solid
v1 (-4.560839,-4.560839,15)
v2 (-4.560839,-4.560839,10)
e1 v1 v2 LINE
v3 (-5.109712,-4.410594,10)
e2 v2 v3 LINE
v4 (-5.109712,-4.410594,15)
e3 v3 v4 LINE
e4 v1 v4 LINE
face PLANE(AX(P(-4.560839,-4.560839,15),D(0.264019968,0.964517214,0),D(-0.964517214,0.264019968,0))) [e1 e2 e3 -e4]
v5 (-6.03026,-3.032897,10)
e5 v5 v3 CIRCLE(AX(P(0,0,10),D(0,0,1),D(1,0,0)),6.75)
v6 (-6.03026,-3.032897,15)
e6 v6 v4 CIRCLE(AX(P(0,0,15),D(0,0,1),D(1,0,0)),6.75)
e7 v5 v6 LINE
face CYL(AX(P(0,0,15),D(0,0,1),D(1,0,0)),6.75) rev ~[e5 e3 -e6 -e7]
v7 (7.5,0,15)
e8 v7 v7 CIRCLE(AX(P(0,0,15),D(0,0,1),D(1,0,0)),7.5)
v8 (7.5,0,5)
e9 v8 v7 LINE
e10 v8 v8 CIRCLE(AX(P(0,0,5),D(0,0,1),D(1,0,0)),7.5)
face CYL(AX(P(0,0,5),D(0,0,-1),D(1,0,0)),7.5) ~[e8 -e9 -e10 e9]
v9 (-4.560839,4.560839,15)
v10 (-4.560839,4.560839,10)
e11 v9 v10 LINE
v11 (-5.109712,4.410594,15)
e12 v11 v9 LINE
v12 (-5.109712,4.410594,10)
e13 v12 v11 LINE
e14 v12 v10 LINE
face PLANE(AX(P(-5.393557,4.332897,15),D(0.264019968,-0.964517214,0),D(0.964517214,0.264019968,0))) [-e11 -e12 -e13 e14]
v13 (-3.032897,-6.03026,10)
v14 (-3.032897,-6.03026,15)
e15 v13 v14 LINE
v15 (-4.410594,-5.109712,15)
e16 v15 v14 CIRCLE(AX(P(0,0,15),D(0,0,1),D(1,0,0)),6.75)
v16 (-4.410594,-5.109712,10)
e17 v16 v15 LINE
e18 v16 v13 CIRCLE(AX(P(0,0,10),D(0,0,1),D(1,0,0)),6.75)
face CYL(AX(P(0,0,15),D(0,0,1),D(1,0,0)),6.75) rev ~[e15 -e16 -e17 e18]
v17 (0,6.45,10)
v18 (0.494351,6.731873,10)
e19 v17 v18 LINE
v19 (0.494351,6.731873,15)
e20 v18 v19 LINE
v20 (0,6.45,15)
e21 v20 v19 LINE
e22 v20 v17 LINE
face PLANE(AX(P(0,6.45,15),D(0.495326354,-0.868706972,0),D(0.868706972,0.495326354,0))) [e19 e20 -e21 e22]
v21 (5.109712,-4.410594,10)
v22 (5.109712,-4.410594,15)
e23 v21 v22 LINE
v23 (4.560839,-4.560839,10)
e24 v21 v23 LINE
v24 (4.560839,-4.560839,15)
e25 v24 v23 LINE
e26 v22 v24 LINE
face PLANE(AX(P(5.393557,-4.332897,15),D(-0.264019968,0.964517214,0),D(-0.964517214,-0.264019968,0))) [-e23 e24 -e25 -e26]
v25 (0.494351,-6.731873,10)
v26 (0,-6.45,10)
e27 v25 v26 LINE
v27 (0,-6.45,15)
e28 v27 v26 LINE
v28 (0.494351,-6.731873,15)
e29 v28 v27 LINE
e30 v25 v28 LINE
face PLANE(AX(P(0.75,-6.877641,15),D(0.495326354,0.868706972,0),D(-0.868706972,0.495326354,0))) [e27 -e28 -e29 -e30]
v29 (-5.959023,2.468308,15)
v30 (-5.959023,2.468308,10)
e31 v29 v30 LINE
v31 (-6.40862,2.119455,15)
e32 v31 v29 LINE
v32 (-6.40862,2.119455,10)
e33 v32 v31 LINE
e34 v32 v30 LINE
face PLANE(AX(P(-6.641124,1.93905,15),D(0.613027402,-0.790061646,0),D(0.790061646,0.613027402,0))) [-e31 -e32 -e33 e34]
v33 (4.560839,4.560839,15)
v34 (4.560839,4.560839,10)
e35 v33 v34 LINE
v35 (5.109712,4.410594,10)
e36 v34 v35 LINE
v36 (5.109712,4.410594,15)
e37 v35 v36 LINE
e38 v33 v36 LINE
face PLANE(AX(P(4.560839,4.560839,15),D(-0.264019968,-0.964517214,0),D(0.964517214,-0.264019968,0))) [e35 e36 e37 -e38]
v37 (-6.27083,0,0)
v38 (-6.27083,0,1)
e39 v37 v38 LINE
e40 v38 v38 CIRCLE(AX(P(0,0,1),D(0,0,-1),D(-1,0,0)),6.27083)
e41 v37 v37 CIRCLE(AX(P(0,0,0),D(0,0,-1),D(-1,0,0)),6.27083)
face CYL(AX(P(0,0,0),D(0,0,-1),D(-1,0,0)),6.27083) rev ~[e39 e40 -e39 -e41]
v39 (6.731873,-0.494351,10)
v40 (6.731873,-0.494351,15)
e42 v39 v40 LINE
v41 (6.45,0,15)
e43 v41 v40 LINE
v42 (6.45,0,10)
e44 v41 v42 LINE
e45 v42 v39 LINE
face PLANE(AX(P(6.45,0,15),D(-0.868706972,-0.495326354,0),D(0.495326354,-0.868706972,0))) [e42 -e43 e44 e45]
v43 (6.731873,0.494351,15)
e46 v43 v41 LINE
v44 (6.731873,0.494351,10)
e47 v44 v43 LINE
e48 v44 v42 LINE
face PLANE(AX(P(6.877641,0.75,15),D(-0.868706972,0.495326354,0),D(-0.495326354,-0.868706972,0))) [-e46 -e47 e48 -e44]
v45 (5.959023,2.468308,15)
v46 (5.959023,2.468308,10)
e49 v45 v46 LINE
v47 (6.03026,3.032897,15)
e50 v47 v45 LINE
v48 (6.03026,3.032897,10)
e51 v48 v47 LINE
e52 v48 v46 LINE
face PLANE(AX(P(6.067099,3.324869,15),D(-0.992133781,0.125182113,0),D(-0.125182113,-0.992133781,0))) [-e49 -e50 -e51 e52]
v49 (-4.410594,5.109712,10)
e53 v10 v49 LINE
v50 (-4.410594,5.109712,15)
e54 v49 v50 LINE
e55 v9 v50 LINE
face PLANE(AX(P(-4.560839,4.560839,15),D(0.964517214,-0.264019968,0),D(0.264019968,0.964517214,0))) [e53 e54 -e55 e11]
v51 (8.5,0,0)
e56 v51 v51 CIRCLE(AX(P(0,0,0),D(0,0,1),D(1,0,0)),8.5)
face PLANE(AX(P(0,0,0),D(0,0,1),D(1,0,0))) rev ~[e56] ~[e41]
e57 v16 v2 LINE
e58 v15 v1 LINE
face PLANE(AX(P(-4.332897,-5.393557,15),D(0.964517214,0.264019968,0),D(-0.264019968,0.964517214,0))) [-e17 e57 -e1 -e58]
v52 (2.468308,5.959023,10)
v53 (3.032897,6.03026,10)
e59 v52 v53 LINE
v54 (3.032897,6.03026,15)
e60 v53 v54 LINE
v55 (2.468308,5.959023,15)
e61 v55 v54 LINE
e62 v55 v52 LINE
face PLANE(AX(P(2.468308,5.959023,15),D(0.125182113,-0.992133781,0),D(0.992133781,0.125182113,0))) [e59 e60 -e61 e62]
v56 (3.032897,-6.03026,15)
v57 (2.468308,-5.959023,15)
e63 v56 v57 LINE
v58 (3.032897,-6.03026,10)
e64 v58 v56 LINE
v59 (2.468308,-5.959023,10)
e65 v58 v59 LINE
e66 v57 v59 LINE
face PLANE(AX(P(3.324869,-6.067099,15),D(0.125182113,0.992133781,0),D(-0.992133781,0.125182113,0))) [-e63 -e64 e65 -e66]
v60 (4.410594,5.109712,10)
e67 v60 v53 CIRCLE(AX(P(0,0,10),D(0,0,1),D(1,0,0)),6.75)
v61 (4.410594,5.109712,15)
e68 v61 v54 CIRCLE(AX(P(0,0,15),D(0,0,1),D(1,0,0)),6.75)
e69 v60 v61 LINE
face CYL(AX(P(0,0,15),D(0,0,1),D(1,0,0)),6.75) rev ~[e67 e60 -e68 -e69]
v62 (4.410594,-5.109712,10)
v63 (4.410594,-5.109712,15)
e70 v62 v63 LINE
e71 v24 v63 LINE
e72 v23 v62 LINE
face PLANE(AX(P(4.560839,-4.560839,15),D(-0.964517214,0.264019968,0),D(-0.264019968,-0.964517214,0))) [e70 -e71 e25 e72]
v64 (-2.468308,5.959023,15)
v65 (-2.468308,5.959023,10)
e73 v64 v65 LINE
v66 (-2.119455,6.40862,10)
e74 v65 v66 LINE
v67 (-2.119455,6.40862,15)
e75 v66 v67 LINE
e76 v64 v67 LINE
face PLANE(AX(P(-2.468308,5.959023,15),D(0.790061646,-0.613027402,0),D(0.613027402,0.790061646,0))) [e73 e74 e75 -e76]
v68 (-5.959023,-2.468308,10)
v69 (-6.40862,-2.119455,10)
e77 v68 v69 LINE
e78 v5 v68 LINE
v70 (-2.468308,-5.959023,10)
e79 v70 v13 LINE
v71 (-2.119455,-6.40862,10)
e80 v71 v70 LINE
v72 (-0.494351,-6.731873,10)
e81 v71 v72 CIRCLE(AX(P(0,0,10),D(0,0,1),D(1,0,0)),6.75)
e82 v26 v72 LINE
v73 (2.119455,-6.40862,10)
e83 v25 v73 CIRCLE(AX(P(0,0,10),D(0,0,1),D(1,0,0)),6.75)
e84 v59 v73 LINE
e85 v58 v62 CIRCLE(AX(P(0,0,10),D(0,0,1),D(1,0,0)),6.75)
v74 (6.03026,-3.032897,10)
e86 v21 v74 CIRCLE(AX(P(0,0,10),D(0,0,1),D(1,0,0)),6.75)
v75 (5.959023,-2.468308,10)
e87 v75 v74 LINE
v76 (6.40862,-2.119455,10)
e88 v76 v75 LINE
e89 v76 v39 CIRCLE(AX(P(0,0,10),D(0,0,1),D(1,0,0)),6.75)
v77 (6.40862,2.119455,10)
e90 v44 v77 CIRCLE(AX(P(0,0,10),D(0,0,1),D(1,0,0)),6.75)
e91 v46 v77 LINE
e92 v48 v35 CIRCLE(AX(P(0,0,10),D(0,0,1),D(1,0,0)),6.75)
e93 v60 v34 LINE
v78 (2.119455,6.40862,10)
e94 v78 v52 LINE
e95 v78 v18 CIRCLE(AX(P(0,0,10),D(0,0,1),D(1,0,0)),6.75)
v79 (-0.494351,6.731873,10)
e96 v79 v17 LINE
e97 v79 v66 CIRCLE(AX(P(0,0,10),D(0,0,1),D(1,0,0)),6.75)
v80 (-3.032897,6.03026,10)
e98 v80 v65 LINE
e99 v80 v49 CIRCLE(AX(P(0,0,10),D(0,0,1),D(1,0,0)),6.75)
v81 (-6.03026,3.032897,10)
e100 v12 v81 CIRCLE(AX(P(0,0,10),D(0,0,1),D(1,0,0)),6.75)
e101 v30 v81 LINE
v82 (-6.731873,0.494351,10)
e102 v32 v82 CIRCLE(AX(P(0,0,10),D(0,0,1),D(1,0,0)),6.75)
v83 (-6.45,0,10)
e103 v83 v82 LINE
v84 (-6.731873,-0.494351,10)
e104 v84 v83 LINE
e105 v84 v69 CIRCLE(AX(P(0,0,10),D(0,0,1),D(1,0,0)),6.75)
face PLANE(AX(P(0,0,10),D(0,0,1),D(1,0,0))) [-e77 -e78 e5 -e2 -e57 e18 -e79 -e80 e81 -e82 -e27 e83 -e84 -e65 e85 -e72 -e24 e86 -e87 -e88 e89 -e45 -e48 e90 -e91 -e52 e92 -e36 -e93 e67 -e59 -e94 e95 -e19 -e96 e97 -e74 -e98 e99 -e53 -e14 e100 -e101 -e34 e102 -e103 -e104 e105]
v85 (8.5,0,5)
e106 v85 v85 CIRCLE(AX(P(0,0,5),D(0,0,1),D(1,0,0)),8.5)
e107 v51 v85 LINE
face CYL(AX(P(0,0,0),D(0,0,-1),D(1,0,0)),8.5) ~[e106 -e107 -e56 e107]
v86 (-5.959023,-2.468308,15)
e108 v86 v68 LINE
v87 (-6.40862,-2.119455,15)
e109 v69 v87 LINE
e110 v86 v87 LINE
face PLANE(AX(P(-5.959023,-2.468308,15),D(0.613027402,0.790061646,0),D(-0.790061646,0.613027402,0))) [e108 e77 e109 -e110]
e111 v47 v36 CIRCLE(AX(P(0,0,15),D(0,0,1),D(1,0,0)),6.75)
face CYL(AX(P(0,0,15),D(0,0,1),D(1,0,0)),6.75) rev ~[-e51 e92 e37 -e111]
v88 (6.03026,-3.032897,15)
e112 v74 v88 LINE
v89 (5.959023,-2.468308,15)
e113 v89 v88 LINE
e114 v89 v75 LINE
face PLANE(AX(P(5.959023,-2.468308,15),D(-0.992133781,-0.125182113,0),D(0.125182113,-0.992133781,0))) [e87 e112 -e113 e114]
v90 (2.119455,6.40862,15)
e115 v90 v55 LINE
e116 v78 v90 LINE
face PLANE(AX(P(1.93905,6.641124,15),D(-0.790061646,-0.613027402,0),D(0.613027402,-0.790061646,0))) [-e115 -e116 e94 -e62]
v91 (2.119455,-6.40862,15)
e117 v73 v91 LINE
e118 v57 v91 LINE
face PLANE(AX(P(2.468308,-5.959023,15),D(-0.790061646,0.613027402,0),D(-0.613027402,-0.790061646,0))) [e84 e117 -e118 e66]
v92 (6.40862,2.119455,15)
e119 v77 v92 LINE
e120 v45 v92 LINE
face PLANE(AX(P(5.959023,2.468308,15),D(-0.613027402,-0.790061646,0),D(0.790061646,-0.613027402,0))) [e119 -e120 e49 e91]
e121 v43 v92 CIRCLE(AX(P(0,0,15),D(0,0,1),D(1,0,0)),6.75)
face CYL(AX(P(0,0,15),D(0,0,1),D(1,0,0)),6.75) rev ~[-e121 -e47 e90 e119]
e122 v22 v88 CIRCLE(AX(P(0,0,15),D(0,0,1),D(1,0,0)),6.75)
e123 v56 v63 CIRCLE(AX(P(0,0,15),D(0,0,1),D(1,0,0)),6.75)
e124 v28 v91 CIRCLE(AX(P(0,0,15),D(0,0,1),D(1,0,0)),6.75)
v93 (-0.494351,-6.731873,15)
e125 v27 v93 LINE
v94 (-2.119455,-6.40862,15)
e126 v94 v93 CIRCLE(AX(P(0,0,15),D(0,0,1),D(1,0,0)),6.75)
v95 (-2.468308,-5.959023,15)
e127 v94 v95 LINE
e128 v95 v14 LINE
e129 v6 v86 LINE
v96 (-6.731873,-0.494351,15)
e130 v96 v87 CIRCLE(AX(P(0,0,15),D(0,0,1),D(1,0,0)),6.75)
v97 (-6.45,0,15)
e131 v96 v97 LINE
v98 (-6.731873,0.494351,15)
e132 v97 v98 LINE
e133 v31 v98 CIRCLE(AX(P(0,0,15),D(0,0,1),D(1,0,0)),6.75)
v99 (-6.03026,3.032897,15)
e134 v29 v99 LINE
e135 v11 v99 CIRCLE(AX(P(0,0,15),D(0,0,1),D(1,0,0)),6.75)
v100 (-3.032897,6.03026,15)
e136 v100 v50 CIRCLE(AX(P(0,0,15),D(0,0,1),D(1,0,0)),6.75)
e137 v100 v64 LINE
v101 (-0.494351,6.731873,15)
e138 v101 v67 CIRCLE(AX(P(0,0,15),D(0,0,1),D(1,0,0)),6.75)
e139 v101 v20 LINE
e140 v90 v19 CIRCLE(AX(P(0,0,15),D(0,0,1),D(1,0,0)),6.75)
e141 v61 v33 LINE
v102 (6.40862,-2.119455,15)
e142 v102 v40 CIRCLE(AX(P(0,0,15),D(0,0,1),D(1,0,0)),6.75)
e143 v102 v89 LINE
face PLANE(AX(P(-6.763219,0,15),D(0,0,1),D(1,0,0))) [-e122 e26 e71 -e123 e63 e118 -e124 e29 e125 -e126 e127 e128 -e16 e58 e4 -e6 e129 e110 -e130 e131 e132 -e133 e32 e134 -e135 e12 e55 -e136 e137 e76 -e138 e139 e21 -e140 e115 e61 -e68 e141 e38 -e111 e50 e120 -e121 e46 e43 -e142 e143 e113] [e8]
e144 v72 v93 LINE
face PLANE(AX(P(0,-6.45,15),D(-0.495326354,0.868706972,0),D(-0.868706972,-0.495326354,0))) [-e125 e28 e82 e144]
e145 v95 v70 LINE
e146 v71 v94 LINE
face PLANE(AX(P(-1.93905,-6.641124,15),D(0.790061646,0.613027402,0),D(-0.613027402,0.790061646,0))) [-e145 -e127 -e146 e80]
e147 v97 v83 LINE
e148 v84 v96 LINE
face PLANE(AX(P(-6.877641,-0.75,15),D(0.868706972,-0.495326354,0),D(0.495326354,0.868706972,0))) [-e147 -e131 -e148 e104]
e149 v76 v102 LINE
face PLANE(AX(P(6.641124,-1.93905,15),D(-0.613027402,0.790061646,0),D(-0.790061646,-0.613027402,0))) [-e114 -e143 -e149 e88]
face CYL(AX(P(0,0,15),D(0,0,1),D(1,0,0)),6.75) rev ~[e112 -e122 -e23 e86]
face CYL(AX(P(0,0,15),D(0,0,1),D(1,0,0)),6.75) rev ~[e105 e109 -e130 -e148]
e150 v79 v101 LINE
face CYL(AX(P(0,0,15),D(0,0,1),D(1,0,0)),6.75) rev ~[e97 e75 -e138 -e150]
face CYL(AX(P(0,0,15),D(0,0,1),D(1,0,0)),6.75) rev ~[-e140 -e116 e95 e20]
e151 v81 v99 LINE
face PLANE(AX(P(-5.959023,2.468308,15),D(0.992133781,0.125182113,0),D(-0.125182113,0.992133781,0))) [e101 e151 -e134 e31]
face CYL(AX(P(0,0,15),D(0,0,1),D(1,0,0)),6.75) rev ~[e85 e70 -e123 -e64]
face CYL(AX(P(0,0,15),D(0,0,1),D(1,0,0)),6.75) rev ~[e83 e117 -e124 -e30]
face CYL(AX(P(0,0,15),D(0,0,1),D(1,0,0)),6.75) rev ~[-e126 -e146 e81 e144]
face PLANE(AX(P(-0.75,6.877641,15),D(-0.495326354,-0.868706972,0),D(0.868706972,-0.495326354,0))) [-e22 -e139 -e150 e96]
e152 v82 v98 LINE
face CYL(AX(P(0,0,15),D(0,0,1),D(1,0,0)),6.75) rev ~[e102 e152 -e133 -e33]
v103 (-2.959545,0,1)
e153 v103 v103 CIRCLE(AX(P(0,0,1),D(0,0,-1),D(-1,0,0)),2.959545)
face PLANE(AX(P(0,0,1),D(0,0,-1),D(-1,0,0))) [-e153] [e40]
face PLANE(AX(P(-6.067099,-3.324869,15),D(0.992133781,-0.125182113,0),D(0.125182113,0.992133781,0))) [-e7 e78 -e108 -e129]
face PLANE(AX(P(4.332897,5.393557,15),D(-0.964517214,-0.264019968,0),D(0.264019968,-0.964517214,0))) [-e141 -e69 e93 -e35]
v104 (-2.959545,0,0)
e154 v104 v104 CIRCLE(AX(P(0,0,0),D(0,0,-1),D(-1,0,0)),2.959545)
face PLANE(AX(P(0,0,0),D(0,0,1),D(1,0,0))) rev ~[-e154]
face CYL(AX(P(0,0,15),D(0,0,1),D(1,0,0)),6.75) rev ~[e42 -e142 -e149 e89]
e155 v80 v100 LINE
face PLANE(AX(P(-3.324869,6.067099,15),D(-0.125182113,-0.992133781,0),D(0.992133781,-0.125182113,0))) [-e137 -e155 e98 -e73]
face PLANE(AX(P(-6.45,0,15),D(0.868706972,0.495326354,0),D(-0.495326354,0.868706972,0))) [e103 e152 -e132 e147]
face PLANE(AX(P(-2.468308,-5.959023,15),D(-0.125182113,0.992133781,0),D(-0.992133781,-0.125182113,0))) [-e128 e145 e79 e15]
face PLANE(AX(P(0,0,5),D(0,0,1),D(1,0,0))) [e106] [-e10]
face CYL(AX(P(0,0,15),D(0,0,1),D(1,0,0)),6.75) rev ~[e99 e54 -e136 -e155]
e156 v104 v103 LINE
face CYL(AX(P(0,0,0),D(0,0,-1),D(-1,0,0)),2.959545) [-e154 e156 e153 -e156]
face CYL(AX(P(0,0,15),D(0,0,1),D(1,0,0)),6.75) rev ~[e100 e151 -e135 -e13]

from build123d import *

# Parameters (mm, degrees)
SKETCH1_R           = 8.5
BOSS_EXTRUDE1_DEPTH = 5
SKETCH2_R           = 7.5
BOSS_EXTRUDE2_DEPTH = 10
SKETCH3_R           = 6.75
CUT_EXTRUDE1_DEPTH  = 5
BOSS_EXTRUDE5_DEPTH = 5
SKETCH5_R           = 6.270829758
SKETCH5_R_2         = 2.95954522
CUT_EXTRUDE2_DEPTH  = 1


with BuildPart() as part:
    # Sketch1 → Boss-Extrude1 (new body)
    with BuildSketch(Plane.XY):
        Circle(SKETCH1_R)
    extrude(amount=BOSS_EXTRUDE1_DEPTH)

    # Sketch2 → Boss-Extrude2 (add)
    with BuildSketch(Plane.XY.offset(5)):
        Circle(SKETCH2_R)
    extrude(amount=BOSS_EXTRUDE2_DEPTH)

    # Sketch3 → Cut-Extrude1 (cut)
    with BuildSketch(Plane.XY.offset(15)):
        Circle(SKETCH3_R)
    extrude(amount=-CUT_EXTRUDE1_DEPTH, mode=Mode.SUBTRACT)

    # Sketch4 → Boss-Extrude5 (add)
    with BuildSketch(Plane.XY.offset(15)):
        Polygon((-6.45, 0), (-6.877641054, 0.75), (-6.877641054, -0.75), align=None)
        Polygon((-6.067099227, 3.324868934), (-6.641124376, 1.939049636), (-5.959022985, 2.468308139), align=None)
        Polygon((-4.332896542, 5.393556714), (-5.393556714, 4.332896542), (-4.560838739, 4.560838739), align=None)
        Polygon((-1.939049636, 6.641124376), (-3.324868934, 6.067099227), (-2.468308139, 5.959022985), align=None)
        Polygon((0.75, 6.877641054), (-0.75, 6.877641054), (0, 6.45), align=None)
        Polygon((3.324868934, 6.067099227), (1.939049636, 6.641124376), (2.468308139, 5.959022985), align=None)
        Polygon((5.393556714, 4.332896542), (4.332896542, 5.393556714), (4.560838739, 4.560838739), align=None)
        Polygon((6.641124376, 1.939049636), (6.067099227, 3.324868934), (5.959022985, 2.468308139), align=None)
        Polygon((6.877641054, -0.75), (6.877641054, 0.75), (6.45, 0), align=None)
        Polygon((6.067099227, -3.324868934), (6.641124376, -1.939049636), (5.959022985, -2.468308139), align=None)
        Polygon((4.332896542, -5.393556714), (5.393556714, -4.332896542), (4.560838739, -4.560838739), align=None)
        Polygon((1.939049636, -6.641124376), (3.324868934, -6.067099227), (2.468308139, -5.959022985), align=None)
        Polygon((-0.75, -6.877641054), (0.75, -6.877641054), (0, -6.45), align=None)
        Polygon((-3.324868934, -6.067099227), (-1.939049636, -6.641124376), (-2.468308139, -5.959022985), align=None)
        Polygon((-5.393556714, -4.332896542), (-4.332896542, -5.393556714), (-4.560838739, -4.560838739), align=None)
        Polygon((-6.641124376, -1.939049636), (-6.067099227, -3.324868934), (-5.959022985, -2.468308139), align=None)
    extrude(amount=-BOSS_EXTRUDE5_DEPTH)

    # Sketch5 → Cut-Extrude2 (cut)
    with BuildSketch(Plane(origin=(0, 0, 0), x_dir=(-1, 0, 0), z_dir=(0, 0, -1))):
        Circle(SKETCH5_R)
        Circle(SKETCH5_R_2, mode=Mode.SUBTRACT)
    extrude(amount=-CUT_EXTRUDE2_DEPTH, mode=Mode.SUBTRACT)


solid = part.part
